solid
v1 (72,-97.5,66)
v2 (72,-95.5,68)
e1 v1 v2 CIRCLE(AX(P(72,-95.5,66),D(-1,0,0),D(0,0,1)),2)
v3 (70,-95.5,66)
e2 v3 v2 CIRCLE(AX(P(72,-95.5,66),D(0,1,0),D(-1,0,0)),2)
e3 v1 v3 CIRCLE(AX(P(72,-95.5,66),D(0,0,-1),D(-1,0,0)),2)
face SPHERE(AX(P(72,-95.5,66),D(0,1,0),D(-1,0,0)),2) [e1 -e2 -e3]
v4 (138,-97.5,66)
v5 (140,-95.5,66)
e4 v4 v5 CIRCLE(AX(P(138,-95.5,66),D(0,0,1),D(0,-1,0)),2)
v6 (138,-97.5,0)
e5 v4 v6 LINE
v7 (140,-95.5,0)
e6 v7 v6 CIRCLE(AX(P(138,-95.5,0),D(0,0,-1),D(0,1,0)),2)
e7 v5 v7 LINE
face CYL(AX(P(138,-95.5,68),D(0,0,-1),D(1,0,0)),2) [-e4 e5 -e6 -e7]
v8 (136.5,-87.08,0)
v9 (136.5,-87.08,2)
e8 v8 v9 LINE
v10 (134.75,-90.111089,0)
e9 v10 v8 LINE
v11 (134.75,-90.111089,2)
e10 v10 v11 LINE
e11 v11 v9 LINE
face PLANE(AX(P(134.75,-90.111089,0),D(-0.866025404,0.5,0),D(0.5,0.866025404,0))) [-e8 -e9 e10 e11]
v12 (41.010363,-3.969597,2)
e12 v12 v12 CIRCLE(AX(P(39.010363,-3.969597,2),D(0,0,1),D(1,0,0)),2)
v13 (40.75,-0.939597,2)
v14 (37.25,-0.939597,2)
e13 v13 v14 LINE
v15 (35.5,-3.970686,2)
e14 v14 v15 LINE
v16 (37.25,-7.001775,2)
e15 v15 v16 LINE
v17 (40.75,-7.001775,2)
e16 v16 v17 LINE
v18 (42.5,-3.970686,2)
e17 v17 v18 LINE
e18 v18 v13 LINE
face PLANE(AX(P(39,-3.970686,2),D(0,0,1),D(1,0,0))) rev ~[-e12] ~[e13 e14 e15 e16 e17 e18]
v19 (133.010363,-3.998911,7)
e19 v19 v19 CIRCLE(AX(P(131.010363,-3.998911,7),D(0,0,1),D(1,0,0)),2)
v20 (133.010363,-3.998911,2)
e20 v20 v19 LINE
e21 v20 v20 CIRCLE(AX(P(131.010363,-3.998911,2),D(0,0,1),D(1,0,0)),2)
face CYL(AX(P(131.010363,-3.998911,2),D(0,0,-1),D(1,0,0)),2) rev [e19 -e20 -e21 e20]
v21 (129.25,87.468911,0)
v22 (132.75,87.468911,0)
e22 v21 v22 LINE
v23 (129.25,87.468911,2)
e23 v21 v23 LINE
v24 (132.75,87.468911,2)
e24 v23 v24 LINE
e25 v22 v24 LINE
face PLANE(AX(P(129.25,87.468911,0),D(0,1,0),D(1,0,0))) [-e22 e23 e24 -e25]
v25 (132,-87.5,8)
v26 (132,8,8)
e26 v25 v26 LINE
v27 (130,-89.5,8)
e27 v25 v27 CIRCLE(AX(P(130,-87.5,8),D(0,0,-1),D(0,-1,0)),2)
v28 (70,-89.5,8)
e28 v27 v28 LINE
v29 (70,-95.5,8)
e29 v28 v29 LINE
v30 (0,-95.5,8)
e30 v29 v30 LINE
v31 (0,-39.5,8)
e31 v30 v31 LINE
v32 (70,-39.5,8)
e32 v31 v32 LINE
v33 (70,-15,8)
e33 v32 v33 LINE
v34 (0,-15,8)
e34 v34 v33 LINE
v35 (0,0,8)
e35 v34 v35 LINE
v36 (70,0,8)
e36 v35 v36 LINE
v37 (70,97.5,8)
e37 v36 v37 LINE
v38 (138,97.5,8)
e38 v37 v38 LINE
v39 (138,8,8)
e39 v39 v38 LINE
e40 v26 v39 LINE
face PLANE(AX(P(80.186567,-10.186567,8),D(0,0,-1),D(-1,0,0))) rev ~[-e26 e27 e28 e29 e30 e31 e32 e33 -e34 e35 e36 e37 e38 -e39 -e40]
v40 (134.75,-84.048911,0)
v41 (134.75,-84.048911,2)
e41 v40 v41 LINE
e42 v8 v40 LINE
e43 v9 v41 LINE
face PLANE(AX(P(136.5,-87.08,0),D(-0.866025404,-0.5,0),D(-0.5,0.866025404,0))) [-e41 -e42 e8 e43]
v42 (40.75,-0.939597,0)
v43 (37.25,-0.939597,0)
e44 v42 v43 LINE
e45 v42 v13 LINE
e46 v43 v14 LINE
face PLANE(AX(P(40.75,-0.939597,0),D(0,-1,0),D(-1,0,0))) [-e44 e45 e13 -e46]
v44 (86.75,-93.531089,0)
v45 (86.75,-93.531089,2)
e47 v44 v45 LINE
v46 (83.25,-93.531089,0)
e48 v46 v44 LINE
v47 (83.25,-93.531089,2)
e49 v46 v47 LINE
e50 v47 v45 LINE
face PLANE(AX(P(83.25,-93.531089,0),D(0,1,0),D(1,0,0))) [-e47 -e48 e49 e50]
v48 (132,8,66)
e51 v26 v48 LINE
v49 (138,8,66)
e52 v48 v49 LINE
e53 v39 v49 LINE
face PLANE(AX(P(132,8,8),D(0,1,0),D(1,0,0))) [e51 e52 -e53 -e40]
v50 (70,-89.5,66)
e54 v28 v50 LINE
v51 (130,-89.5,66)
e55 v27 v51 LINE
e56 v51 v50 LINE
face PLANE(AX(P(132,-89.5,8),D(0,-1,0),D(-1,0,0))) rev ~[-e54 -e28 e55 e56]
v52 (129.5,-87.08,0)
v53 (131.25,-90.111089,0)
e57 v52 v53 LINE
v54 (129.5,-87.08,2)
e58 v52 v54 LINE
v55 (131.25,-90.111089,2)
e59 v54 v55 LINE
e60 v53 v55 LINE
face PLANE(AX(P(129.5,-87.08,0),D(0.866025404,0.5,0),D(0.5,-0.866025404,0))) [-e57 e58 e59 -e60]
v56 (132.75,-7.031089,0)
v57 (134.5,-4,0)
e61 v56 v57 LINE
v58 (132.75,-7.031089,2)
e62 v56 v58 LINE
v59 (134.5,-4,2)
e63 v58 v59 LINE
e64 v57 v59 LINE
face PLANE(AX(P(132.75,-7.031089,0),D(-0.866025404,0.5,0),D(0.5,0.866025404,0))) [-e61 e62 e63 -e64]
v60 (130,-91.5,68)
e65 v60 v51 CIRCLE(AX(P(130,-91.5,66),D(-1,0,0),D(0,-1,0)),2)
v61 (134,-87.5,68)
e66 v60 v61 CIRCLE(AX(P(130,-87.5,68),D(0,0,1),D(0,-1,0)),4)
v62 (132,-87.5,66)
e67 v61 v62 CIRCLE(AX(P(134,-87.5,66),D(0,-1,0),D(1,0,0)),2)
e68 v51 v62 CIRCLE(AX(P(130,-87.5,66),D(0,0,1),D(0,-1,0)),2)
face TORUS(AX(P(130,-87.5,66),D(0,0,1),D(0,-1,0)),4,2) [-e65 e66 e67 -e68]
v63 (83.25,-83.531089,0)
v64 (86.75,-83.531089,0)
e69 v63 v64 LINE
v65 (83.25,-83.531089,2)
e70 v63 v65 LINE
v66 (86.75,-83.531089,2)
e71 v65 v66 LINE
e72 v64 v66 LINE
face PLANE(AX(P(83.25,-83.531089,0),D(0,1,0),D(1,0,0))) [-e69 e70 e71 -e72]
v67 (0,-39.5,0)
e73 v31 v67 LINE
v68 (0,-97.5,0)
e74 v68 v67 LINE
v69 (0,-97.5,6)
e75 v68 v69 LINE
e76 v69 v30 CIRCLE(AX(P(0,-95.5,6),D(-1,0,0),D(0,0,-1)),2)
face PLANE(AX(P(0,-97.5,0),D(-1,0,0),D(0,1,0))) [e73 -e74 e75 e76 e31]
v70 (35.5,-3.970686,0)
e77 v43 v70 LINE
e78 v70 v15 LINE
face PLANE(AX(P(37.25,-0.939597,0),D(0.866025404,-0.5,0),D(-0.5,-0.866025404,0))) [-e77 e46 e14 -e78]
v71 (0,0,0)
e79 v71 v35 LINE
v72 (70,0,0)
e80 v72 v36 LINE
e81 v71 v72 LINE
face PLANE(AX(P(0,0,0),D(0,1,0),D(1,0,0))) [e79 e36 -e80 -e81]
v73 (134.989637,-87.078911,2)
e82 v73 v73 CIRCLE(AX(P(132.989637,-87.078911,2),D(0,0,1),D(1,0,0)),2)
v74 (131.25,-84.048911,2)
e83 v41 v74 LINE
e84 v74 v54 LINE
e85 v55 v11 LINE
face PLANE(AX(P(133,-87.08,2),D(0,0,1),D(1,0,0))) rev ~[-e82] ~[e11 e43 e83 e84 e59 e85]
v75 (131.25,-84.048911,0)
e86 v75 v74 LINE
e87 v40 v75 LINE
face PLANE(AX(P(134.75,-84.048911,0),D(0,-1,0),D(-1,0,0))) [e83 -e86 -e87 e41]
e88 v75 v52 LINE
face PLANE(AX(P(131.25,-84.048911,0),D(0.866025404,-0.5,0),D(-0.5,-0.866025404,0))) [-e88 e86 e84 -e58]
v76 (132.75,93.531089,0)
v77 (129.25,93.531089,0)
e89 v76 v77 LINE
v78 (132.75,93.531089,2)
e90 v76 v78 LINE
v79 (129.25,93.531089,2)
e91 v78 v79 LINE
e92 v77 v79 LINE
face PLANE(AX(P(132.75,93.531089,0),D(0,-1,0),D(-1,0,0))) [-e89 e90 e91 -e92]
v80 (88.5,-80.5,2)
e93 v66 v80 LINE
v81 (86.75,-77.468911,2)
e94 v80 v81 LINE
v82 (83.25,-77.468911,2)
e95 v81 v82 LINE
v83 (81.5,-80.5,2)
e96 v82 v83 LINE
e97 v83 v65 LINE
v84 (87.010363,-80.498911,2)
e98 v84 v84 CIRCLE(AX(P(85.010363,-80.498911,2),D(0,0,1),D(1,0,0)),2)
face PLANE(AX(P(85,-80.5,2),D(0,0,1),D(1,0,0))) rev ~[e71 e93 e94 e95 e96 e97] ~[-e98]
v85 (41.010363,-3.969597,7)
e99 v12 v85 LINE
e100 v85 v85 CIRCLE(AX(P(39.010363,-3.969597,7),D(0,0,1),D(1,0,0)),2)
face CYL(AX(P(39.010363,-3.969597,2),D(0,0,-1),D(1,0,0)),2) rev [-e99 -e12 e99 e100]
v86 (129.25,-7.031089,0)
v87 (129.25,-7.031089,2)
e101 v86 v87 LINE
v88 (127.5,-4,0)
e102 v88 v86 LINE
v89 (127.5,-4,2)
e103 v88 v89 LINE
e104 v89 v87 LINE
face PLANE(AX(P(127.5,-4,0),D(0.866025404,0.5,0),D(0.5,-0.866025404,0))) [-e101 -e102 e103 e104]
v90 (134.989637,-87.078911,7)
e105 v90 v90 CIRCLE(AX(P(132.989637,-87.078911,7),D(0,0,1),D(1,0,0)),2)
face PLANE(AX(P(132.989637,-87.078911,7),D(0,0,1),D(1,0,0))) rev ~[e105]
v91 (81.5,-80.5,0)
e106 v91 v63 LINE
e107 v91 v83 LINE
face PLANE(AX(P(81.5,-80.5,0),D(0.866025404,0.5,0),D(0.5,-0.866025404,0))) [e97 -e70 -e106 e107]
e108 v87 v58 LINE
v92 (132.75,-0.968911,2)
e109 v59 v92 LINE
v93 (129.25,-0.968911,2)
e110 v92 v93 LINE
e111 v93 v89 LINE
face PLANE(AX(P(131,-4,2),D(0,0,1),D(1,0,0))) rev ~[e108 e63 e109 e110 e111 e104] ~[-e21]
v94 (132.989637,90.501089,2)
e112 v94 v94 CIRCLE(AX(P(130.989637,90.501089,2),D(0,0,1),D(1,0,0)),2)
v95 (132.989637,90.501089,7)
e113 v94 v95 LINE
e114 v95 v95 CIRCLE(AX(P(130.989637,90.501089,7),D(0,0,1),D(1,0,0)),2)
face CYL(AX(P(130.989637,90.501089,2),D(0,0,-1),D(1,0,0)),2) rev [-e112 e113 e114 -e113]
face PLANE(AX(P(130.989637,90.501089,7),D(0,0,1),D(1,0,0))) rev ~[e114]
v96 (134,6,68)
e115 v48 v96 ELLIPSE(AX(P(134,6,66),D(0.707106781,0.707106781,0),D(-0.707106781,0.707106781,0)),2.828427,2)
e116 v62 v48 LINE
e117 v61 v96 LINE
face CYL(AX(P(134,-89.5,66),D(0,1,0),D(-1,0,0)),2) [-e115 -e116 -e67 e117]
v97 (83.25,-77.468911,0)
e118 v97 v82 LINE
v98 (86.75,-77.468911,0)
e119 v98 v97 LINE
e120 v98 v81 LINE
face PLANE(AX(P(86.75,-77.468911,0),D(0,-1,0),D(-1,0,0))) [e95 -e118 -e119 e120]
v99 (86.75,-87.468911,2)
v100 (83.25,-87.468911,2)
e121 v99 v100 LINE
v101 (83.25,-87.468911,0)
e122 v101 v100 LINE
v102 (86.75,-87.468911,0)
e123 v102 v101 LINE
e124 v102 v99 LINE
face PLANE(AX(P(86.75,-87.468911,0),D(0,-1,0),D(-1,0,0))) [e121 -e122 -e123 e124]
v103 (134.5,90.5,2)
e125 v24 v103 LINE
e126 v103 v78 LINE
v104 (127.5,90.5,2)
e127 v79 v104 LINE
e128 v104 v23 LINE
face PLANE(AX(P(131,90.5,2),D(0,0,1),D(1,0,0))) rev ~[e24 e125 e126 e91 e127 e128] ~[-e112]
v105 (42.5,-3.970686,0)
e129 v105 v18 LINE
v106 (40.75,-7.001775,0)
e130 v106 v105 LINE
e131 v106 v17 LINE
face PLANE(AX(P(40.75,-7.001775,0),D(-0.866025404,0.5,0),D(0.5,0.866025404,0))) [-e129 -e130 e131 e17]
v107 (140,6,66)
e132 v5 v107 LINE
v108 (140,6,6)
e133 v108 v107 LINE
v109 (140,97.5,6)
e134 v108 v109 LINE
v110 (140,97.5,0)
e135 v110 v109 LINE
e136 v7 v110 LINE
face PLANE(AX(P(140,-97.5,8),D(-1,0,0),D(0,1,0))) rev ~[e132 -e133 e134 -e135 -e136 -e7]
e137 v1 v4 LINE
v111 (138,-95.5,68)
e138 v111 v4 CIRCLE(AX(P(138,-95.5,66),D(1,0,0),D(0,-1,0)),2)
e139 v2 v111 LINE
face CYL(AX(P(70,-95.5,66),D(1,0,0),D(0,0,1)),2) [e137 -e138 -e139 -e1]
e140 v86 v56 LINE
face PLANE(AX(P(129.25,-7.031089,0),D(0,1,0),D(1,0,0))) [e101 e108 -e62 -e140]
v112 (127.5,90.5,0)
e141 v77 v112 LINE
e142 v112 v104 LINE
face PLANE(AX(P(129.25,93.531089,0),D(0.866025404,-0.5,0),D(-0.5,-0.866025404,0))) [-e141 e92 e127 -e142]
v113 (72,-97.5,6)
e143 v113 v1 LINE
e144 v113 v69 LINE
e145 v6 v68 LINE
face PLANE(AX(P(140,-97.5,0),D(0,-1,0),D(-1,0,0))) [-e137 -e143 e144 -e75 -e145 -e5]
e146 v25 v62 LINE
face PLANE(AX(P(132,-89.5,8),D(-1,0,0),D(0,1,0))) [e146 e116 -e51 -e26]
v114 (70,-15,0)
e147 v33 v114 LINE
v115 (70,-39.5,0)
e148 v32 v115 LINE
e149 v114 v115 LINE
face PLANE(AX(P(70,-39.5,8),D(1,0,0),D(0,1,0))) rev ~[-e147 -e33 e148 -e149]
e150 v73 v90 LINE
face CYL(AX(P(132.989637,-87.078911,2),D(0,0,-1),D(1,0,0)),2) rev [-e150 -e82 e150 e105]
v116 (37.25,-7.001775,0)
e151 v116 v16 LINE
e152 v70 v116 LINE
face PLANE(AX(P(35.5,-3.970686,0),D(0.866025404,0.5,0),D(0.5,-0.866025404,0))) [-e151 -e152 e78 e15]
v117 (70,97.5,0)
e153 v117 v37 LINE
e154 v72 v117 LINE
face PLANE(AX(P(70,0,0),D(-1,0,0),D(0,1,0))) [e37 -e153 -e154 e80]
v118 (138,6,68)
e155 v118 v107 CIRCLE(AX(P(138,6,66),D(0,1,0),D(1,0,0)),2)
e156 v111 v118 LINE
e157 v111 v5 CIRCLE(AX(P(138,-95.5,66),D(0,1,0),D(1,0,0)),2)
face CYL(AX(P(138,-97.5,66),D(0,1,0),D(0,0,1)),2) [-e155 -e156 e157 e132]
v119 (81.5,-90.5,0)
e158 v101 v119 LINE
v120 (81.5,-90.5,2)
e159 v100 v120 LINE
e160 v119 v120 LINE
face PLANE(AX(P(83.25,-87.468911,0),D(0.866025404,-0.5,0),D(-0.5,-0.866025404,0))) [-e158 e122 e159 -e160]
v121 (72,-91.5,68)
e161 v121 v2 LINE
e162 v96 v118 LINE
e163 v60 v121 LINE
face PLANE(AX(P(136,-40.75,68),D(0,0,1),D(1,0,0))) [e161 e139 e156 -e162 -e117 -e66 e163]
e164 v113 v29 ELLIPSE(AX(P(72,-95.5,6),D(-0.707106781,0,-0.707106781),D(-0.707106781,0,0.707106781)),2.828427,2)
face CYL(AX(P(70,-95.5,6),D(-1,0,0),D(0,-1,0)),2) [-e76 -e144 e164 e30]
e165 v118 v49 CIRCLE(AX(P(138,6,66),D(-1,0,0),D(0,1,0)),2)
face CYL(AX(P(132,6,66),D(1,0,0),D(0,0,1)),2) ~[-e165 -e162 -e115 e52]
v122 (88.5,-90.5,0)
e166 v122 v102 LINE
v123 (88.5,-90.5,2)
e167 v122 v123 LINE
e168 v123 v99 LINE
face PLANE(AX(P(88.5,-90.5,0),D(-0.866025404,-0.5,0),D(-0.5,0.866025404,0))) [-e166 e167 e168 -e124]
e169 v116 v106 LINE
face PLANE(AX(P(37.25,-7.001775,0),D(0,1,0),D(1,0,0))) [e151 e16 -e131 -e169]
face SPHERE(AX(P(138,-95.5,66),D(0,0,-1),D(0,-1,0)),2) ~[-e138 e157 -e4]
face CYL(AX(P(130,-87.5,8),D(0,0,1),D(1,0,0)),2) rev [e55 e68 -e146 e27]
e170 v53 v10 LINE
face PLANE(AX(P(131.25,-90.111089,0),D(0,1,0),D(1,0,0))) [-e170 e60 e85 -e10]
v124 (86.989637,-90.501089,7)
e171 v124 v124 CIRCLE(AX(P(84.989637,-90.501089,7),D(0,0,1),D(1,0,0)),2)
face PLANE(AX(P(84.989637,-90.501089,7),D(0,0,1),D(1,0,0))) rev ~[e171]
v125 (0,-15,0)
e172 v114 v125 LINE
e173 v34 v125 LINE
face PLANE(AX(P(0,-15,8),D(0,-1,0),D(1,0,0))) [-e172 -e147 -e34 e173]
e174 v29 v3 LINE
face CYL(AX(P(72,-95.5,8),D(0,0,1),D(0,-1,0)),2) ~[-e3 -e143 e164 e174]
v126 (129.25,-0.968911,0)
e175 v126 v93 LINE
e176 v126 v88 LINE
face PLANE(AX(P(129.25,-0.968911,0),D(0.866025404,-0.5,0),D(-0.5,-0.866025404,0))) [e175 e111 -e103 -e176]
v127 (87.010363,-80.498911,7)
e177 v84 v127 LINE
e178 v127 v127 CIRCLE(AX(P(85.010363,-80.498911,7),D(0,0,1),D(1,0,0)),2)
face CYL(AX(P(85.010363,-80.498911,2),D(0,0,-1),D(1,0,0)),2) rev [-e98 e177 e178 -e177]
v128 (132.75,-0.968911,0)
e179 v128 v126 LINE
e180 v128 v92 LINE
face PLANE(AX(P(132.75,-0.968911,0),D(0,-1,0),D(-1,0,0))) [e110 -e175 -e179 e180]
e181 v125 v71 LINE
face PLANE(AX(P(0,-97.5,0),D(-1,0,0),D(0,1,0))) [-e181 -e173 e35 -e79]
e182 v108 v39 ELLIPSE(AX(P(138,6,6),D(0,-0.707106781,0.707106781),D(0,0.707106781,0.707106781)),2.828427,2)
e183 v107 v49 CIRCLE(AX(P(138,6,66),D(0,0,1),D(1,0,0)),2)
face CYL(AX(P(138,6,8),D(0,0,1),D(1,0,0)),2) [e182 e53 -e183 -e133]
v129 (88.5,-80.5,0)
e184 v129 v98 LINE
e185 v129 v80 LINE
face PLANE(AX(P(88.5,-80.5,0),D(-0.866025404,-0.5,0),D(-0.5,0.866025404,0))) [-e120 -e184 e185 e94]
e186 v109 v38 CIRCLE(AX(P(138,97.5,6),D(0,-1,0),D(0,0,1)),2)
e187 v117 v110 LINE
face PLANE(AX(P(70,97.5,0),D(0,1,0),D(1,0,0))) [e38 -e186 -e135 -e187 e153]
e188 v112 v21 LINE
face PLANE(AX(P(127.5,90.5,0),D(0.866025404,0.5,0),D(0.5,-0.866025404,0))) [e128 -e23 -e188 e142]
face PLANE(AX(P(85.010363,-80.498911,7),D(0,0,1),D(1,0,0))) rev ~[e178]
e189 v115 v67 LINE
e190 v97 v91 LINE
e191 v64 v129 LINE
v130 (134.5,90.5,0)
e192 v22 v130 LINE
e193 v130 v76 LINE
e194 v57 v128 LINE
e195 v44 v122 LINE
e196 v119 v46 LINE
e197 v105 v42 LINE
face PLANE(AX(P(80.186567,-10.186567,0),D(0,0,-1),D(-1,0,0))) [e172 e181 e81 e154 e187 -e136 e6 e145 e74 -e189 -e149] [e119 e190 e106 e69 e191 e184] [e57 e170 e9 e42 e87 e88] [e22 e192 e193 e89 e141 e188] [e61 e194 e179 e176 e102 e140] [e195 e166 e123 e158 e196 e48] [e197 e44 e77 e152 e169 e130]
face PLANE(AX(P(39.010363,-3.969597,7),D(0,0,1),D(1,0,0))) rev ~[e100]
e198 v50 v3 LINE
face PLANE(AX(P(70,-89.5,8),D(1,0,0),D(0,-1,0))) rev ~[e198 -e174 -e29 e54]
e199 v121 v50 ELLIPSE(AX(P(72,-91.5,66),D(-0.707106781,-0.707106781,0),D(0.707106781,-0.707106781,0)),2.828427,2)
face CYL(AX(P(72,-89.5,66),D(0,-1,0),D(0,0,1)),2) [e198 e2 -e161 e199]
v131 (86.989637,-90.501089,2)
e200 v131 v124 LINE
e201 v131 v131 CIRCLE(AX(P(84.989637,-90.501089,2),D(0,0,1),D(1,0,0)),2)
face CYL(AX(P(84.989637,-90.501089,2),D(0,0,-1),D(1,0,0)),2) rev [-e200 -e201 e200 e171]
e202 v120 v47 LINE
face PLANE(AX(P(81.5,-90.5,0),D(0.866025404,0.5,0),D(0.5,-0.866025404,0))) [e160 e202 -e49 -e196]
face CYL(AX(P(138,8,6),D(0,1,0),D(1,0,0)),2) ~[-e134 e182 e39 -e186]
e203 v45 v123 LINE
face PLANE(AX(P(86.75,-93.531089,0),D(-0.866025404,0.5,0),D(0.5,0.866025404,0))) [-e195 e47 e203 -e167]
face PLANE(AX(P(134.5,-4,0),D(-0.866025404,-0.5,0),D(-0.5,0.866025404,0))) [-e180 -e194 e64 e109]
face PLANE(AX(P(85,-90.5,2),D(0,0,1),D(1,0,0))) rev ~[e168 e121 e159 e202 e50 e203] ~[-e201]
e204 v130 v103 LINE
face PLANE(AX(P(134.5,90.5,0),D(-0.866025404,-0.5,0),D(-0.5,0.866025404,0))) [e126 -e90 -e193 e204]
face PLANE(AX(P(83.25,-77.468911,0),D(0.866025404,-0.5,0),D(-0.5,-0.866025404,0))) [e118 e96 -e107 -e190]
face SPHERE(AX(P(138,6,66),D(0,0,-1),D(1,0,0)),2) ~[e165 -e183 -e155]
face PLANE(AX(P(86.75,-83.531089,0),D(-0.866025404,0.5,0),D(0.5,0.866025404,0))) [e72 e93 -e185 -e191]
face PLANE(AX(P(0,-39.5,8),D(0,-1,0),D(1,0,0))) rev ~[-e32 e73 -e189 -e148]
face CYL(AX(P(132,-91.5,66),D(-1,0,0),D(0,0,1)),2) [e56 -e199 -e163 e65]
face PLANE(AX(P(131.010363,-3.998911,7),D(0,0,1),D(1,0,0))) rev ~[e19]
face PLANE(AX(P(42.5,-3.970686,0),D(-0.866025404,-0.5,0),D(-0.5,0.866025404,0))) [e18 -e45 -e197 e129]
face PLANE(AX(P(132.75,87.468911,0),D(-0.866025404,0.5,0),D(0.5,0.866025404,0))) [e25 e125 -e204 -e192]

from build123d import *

# Parameters (mm, degrees)
EXTRUDE_1_DEPTH     = 8
CUT_EXTRUDE_1_DEPTH = 2
SKETCH_3_R          = 2
CUT_EXTRUDE_2_DEPTH = 5
SKETCH_4_W          = 8
SKETCH_4_H          = 97.5
EXTRUDE_2_DEPTH     = 60
FILLET_1_R          = 2
SKETCH_5_W          = 70
SKETCH_5_H          = 24.5
CUT_EXTRUDE_4_DEPTH = 20


with BuildPart() as part:
    # 스케치1 → 보스-돌출1 (new body)
    with BuildSketch(Plane.XY):
        Polygon((0, 0), (70, 0), (70, 97.5), (140, 97.5), (140, -19.573170732), (140, -97.5), (0, -97.5), align=None)
    extrude(amount=EXTRUDE_1_DEPTH)

    # 스케치2 → 컷-돌출1 (cut)
    with BuildSketch(Plane.XY):
        Polygon((127.5, 90.5), (129.25, 87.468911087), (132.75, 87.468911087), (134.5, 90.5), (132.75, 93.531088913), (129.25, 93.531088913), align=None)
        Polygon((129.25, -7.031088913), (132.75, -7.031088913), (134.5, -4), (132.75, -0.968911087), (129.25, -0.968911087), (127.5, -4), align=None)
        Polygon((136.5, -87.08), (134.75, -84.048911087), (131.25, -84.048911087), (129.5, -87.08), (131.25, -90.111088913), (134.75, -90.111088913), align=None)
        Polygon((83.25, -77.468911087), (81.5, -80.5), (83.25, -83.531088913), (86.75, -83.531088913), (88.5, -80.5), (86.75, -77.468911087), align=None)
        Polygon((83.25, -87.468911087), (81.5, -90.5), (83.25, -93.531088913), (86.75, -93.531088913), (88.5, -90.5), (86.75, -87.468911087), align=None)
        Polygon((37.25, -7.001775013), (40.75, -7.001775013), (42.5, -3.9706861), (40.75, -0.939597187), (37.25, -0.939597187), (35.5, -3.9706861), align=None)
    extrude(amount=CUT_EXTRUDE_1_DEPTH, mode=Mode.SUBTRACT)

    # 스케치3 → 컷-돌출2 (cut)
    with BuildSketch(Plane.XY.offset(2)):
        with Locations((130.98963708, 90.501088913)):
            Circle(SKETCH_3_R)
        with Locations((131.01036292, -3.998911087)):
            Circle(SKETCH_3_R)
        with Locations((39.010362751, -3.969597187)):
            Circle(SKETCH_3_R)
        with Locations((85.01036292, -80.498911087)):
            Circle(SKETCH_3_R)
        with Locations((84.989637249, -90.501088913)):
            Circle(SKETCH_3_R)
        with Locations((132.98963708, -87.078911087)):
            Circle(SKETCH_3_R)
    extrude(amount=CUT_EXTRUDE_2_DEPTH, mode=Mode.SUBTRACT)

    # 스케치4 → 보스-돌출2 (add)
    with BuildSketch(Plane.XY.offset(8)):
        with Locations((136, -40.75)):
            Rectangle(SKETCH_4_W, SKETCH_4_H)
        Polygon((70, -97.5), (140, -97.5), (140, -89.5), (132, -89.5), (70, -89.5), align=None)
    extrude(amount=EXTRUDE_2_DEPTH)

    # 필렛1
    fillet_1_edges = [part.edges().sort_by_distance(p)[0] for p in [
        (140, -97.5, 34),
        (140, 52.75, 8),
        (132, -40.75, 68),
        (132, -89.5, 38),
        (70, -93.5, 68),
        (70, -97.5, 38),
        (140, 8, 38),
        (101, -89.5, 68),
        (105, -97.5, 68),
        (140, -44.75, 68),
        (136, 8, 68),
        (35, -97.5, 8),
    ]]
    fillet(fillet_1_edges, radius=FILLET_1_R)

    # 스케치5 → 컷-돌출4 (cut)
    with BuildSketch(Plane.XY.offset(8)):
        with Locations((35, -27.25)):
            Rectangle(SKETCH_5_W, SKETCH_5_H)
    extrude(amount=-CUT_EXTRUDE_4_DEPTH, mode=Mode.SUBTRACT)


solid = part.part
